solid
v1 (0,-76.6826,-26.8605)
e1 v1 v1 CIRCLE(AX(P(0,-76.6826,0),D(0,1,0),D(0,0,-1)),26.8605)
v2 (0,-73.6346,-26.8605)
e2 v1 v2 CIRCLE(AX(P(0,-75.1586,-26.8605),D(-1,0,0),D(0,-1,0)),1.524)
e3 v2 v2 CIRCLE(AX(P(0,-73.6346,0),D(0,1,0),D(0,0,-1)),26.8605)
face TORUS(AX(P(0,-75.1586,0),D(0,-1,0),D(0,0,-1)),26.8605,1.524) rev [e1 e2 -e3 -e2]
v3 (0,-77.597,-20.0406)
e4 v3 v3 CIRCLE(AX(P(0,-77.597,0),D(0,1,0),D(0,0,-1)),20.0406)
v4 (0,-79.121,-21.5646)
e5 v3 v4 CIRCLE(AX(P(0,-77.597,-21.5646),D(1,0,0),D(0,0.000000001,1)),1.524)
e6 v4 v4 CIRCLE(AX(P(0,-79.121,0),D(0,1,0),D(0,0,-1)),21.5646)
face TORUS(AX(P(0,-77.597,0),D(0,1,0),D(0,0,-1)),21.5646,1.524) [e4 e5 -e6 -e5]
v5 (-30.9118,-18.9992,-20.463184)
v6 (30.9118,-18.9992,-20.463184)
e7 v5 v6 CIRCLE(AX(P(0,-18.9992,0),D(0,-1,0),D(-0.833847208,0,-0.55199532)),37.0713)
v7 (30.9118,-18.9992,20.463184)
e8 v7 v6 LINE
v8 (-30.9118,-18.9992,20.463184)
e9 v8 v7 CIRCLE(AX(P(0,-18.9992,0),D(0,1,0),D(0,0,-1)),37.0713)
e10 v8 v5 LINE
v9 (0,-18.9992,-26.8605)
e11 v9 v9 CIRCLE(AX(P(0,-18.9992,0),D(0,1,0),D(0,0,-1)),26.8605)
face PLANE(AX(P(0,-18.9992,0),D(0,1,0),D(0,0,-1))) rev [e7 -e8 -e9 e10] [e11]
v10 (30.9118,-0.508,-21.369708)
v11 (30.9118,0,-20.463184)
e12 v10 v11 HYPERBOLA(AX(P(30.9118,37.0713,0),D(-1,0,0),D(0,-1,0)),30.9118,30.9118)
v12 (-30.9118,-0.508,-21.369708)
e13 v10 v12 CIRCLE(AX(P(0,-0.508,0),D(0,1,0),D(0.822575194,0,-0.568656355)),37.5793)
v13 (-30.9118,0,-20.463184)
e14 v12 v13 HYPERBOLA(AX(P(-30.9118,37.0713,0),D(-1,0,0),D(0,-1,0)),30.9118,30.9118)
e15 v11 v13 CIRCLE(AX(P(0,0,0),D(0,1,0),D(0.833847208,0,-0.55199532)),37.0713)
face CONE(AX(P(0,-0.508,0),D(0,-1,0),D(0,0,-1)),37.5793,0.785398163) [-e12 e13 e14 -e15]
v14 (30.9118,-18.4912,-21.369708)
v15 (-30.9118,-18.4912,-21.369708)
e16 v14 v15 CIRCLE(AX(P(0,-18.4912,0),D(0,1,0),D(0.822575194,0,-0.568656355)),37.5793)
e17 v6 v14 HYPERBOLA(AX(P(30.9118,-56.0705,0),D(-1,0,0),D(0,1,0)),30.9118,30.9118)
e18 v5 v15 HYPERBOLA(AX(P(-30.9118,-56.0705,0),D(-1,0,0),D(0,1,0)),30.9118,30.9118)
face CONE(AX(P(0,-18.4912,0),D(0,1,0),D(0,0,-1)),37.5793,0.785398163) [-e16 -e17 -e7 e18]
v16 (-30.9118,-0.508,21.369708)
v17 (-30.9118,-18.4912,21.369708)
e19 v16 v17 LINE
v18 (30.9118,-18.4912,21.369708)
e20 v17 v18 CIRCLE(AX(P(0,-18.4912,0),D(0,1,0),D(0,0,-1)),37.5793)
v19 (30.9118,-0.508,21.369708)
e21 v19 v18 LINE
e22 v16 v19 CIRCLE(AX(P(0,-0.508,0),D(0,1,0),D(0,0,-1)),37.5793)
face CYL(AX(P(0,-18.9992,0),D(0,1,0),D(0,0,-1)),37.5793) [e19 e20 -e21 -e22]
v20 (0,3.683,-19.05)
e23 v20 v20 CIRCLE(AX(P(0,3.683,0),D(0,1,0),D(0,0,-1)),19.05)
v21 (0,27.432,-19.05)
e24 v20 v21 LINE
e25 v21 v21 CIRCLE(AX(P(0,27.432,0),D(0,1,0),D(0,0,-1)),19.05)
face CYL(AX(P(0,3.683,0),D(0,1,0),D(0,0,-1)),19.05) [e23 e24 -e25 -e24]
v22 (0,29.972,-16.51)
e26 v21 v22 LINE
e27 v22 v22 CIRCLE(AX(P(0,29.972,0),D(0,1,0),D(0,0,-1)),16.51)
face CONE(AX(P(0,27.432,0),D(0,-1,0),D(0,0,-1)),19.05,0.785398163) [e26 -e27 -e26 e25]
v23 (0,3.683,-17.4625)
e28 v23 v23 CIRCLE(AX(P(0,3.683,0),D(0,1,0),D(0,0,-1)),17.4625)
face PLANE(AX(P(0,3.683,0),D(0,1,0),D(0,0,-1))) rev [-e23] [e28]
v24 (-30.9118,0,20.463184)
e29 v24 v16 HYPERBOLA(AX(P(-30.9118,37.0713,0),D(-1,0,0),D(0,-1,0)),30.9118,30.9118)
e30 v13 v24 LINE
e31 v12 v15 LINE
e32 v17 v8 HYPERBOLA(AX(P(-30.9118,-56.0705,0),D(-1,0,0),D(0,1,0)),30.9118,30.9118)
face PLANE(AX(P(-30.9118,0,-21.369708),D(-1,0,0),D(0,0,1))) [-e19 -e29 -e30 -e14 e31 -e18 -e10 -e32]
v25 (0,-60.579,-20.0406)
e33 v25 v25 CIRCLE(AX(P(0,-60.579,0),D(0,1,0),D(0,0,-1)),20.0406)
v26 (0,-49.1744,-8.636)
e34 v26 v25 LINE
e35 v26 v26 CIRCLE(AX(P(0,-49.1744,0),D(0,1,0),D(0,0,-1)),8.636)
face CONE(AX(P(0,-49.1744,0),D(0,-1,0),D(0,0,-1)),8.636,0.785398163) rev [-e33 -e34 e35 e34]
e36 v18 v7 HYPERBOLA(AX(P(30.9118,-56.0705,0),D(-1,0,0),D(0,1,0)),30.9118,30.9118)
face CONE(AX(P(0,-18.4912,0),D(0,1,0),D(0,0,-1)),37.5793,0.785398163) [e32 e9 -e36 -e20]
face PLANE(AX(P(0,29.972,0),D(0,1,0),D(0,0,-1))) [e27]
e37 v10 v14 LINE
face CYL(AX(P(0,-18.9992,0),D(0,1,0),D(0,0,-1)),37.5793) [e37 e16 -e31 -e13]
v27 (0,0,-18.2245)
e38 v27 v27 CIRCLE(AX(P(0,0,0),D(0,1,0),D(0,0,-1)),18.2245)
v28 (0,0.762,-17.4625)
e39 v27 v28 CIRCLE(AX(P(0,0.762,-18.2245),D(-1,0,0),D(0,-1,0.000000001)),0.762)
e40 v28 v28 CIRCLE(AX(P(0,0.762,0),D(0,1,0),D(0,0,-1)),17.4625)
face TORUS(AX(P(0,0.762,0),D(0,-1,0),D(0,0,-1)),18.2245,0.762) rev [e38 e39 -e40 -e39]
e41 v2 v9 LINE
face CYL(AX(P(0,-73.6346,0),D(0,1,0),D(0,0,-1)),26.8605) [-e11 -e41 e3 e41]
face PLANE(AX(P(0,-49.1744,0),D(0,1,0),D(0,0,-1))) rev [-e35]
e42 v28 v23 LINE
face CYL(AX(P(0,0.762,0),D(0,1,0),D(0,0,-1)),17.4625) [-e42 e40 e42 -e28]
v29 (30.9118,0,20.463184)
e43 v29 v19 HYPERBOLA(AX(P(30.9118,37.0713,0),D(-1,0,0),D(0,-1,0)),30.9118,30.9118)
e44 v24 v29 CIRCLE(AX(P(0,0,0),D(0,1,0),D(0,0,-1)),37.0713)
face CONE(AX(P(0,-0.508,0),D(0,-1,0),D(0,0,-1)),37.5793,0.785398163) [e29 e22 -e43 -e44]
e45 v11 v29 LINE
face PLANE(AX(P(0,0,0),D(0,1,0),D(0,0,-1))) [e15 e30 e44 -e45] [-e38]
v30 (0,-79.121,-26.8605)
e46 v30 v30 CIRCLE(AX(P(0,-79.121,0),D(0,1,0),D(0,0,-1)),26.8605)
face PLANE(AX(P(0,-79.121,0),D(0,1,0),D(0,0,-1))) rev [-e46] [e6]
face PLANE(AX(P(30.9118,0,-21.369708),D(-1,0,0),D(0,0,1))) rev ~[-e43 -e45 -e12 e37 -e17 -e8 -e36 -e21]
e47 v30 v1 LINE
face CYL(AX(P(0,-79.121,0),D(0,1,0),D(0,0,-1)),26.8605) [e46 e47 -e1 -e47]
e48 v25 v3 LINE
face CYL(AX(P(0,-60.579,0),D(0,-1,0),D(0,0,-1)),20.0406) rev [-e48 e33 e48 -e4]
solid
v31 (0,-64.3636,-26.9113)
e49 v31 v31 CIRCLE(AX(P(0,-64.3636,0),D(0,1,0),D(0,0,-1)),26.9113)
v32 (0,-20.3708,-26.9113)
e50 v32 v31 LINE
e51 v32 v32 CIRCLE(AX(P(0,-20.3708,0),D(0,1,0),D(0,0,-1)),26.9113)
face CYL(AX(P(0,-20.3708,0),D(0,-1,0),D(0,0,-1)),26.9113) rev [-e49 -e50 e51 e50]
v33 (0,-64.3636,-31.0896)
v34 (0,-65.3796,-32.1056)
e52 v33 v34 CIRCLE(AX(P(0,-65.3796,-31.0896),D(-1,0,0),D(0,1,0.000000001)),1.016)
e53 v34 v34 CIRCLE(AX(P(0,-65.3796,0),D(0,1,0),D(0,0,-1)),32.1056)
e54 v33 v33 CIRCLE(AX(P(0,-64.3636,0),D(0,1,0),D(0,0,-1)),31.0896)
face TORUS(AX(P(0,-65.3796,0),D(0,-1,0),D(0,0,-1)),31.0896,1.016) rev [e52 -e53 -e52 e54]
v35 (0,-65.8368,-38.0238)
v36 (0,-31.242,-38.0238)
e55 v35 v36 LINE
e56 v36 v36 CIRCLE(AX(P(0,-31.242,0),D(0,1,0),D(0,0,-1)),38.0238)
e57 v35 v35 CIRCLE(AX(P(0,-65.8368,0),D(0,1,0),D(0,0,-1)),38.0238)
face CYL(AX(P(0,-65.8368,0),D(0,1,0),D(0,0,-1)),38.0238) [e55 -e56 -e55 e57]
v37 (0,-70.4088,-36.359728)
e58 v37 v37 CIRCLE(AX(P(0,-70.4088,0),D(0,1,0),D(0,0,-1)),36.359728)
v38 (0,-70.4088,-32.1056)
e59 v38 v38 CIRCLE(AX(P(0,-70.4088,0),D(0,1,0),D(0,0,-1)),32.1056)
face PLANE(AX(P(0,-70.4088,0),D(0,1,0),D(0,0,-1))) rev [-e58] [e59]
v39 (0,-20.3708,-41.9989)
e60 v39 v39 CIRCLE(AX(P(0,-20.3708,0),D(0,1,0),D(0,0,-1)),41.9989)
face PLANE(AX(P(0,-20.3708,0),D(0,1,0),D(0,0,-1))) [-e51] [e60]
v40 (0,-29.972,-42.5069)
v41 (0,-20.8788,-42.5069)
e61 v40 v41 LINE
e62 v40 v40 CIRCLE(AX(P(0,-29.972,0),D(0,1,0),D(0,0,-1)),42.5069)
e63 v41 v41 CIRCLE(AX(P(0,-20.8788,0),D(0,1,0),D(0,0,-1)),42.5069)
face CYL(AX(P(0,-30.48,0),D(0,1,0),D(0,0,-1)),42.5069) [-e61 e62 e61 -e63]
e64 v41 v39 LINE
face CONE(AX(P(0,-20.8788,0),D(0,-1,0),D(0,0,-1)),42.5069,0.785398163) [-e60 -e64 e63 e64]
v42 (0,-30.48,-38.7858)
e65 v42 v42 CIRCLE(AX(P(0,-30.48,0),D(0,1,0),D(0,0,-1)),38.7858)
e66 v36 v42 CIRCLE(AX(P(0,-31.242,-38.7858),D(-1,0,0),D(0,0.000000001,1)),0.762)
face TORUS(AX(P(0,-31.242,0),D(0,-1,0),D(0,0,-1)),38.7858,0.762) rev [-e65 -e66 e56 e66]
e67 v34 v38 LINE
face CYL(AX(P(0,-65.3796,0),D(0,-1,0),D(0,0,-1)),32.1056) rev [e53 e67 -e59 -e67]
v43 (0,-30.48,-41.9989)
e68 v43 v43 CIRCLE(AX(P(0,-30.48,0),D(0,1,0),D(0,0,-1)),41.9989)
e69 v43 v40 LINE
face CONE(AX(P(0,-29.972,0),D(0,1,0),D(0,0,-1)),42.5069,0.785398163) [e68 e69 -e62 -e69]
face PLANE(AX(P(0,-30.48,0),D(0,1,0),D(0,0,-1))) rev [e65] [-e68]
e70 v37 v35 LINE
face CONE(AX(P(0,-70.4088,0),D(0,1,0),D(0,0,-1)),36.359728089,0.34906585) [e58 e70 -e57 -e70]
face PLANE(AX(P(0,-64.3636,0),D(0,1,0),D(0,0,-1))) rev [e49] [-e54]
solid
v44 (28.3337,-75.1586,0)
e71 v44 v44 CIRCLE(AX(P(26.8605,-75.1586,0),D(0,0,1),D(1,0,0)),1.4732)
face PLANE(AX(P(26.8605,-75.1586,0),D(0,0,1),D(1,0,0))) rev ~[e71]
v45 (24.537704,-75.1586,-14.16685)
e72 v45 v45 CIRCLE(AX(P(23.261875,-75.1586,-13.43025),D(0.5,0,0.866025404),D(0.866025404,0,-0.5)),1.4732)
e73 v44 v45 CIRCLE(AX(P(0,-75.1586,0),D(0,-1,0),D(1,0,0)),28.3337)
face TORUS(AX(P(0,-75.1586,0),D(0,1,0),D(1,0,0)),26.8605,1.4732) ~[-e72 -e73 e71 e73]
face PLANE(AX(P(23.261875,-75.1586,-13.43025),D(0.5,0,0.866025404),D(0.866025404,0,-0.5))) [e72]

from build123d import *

# Parameters (mm, degrees)
CHAMFER1_SIZE      = 0.508
CHAMFER2_SIZE      = 2.54
CUT_EXTRUDE1_DEPTH = 80.121
CHAMFER3_SIZE      = 0.508
SKETCH3_R          = 1.4732
REVOLVE3_ANGLE     = 330


with BuildPart() as part:
    # Sketch1 → Revolve1 (revolve)
    with BuildSketch(Plane.XY, mode=Mode.PRIVATE) as revolve1_sk:
        with BuildLine():
            Line((0, 29.972), (0, -49.1744))
            Line((0, -49.1744), (8.636, -49.1744))
            Line((8.636, -49.1744), (20.0406, -60.579))
            Line((20.0406, -60.579), (20.0406, -77.597))
            ThreePointArc((20.0406, -77.597), (20.486969265, -78.674630735), (21.5646, -79.121))
            Line((21.5646, -79.121), (26.8605, -79.121))
            Line((26.8605, -79.121), (26.8605, -76.6826))
            ThreePointArc((26.8605, -76.6826), (25.3365, -75.1586), (26.8605, -73.6346))
            Line((26.8605, -73.6346), (26.8605, -18.9992))
            Line((26.8605, -18.9992), (37.5793, -18.9992))
            Line((37.5793, -18.9992), (37.5793, 0))
            Line((37.5793, 0), (18.2245, 0))
            ThreePointArc((18.2245, 0), (17.685684633, 0.223184633), (17.4625, 0.762))
            Line((17.4625, 0.762), (17.4625, 3.683))
            Line((17.4625, 3.683), (19.05, 3.683))
            Line((19.05, 3.683), (19.05, 29.972))
            Line((19.05, 29.972), (0, 29.972))
        make_face()
    revolve(revolve1_sk.sketch.rotate(Axis((0, 29.972, 0), (0, 1, 0)), 90), axis=Axis((0, 29.972, 0), (0, 1, 0)))  # turned: the seam where the file's is

    # Chamfer1
    chamfer1_edges = [part.edges().sort_by_distance(p)[0] for p in [
        (0, -18.9992, 37.5793),
        (0, 0, 37.5793),
    ]]
    chamfer(chamfer1_edges, length=CHAMFER1_SIZE)

    # Chamfer2
    chamfer2_edges = [part.edges().sort_by_distance(p)[0] for p in [
        (0, 29.972, 19.05),
    ]]
    chamfer(chamfer2_edges, length=CHAMFER2_SIZE)

    # Sketch4 → Cut-Extrude1 (cut, through all)
    with BuildSketch(Plane(origin=(0, 0, 0), x_dir=(1, 0, 0), z_dir=(0, 1, 0))):
        with BuildLine():
            Line((-30.9118, 21.369707748), (-30.9118, -21.369707748))
            ThreePointArc((-30.9118, -21.369707748), (-37.5793, 0), (-30.9118, 21.369707748))
        make_face()
        with BuildLine():
            Line((30.9118, 21.369707748), (30.9118, -21.369707748))
            ThreePointArc((30.9118, -21.369707748), (37.5793, 0), (30.9118, 21.369707748))
        make_face()
    extrude(amount=-CUT_EXTRUDE1_DEPTH, mode=Mode.SUBTRACT)


with BuildPart() as body_2:
    # Sketch2 → Revolve2 (revolve)
    with BuildSketch(Plane.XY, mode=Mode.PRIVATE) as revolve2_sk:
        with BuildLine():
            Line((26.9113, -20.3708), (26.9113, -64.3636))
            Line((26.9113, -64.3636), (31.0896, -64.3636))
            ThreePointArc((31.0896, -64.3636), (31.80802049, -64.66117951), (32.1056, -65.3796))
            Line((32.1056, -65.3796), (32.1056, -70.4088))
            Line((32.1056, -70.4088), (36.359728089, -70.4088))
            Line((36.359728089, -70.4088), (38.0238, -65.8368))
            Line((38.0238, -65.8368), (38.0238, -31.242))
            ThreePointArc((38.0238, -31.242), (38.246984633, -30.703184633), (38.7858, -30.48))
            Line((38.7858, -30.48), (42.5069, -30.48))
            Line((42.5069, -30.48), (42.5069, -20.3708))
            Line((42.5069, -20.3708), (26.9113, -20.3708))
        make_face()
    revolve(revolve2_sk.sketch.rotate(Axis((0, 0, 0), (0, 1, 0)), 90), axis=Axis((0, 0, 0), (0, 1, 0)))  # turned: the seam where the file's is

    # Chamfer3
    chamfer3_edges = [body_2.edges().sort_by_distance(p)[0] for p in [
        (0, -20.3708, 42.5069),
        (0, -30.48, 42.5069),
    ]]
    chamfer(chamfer3_edges, length=CHAMFER3_SIZE)


with BuildPart() as body_3:
    # Sketch3 → Revolve3 (revolve)
    with BuildSketch(Plane.XY):
        with Locations((26.8605, -75.1586)):
            Circle(SKETCH3_R)
    revolve(axis=Axis((0, 0, 0), (0, -1, 0)), revolution_arc=REVOLVE3_ANGLE)


solid = Compound([part.part, body_2.part, body_3.part])
